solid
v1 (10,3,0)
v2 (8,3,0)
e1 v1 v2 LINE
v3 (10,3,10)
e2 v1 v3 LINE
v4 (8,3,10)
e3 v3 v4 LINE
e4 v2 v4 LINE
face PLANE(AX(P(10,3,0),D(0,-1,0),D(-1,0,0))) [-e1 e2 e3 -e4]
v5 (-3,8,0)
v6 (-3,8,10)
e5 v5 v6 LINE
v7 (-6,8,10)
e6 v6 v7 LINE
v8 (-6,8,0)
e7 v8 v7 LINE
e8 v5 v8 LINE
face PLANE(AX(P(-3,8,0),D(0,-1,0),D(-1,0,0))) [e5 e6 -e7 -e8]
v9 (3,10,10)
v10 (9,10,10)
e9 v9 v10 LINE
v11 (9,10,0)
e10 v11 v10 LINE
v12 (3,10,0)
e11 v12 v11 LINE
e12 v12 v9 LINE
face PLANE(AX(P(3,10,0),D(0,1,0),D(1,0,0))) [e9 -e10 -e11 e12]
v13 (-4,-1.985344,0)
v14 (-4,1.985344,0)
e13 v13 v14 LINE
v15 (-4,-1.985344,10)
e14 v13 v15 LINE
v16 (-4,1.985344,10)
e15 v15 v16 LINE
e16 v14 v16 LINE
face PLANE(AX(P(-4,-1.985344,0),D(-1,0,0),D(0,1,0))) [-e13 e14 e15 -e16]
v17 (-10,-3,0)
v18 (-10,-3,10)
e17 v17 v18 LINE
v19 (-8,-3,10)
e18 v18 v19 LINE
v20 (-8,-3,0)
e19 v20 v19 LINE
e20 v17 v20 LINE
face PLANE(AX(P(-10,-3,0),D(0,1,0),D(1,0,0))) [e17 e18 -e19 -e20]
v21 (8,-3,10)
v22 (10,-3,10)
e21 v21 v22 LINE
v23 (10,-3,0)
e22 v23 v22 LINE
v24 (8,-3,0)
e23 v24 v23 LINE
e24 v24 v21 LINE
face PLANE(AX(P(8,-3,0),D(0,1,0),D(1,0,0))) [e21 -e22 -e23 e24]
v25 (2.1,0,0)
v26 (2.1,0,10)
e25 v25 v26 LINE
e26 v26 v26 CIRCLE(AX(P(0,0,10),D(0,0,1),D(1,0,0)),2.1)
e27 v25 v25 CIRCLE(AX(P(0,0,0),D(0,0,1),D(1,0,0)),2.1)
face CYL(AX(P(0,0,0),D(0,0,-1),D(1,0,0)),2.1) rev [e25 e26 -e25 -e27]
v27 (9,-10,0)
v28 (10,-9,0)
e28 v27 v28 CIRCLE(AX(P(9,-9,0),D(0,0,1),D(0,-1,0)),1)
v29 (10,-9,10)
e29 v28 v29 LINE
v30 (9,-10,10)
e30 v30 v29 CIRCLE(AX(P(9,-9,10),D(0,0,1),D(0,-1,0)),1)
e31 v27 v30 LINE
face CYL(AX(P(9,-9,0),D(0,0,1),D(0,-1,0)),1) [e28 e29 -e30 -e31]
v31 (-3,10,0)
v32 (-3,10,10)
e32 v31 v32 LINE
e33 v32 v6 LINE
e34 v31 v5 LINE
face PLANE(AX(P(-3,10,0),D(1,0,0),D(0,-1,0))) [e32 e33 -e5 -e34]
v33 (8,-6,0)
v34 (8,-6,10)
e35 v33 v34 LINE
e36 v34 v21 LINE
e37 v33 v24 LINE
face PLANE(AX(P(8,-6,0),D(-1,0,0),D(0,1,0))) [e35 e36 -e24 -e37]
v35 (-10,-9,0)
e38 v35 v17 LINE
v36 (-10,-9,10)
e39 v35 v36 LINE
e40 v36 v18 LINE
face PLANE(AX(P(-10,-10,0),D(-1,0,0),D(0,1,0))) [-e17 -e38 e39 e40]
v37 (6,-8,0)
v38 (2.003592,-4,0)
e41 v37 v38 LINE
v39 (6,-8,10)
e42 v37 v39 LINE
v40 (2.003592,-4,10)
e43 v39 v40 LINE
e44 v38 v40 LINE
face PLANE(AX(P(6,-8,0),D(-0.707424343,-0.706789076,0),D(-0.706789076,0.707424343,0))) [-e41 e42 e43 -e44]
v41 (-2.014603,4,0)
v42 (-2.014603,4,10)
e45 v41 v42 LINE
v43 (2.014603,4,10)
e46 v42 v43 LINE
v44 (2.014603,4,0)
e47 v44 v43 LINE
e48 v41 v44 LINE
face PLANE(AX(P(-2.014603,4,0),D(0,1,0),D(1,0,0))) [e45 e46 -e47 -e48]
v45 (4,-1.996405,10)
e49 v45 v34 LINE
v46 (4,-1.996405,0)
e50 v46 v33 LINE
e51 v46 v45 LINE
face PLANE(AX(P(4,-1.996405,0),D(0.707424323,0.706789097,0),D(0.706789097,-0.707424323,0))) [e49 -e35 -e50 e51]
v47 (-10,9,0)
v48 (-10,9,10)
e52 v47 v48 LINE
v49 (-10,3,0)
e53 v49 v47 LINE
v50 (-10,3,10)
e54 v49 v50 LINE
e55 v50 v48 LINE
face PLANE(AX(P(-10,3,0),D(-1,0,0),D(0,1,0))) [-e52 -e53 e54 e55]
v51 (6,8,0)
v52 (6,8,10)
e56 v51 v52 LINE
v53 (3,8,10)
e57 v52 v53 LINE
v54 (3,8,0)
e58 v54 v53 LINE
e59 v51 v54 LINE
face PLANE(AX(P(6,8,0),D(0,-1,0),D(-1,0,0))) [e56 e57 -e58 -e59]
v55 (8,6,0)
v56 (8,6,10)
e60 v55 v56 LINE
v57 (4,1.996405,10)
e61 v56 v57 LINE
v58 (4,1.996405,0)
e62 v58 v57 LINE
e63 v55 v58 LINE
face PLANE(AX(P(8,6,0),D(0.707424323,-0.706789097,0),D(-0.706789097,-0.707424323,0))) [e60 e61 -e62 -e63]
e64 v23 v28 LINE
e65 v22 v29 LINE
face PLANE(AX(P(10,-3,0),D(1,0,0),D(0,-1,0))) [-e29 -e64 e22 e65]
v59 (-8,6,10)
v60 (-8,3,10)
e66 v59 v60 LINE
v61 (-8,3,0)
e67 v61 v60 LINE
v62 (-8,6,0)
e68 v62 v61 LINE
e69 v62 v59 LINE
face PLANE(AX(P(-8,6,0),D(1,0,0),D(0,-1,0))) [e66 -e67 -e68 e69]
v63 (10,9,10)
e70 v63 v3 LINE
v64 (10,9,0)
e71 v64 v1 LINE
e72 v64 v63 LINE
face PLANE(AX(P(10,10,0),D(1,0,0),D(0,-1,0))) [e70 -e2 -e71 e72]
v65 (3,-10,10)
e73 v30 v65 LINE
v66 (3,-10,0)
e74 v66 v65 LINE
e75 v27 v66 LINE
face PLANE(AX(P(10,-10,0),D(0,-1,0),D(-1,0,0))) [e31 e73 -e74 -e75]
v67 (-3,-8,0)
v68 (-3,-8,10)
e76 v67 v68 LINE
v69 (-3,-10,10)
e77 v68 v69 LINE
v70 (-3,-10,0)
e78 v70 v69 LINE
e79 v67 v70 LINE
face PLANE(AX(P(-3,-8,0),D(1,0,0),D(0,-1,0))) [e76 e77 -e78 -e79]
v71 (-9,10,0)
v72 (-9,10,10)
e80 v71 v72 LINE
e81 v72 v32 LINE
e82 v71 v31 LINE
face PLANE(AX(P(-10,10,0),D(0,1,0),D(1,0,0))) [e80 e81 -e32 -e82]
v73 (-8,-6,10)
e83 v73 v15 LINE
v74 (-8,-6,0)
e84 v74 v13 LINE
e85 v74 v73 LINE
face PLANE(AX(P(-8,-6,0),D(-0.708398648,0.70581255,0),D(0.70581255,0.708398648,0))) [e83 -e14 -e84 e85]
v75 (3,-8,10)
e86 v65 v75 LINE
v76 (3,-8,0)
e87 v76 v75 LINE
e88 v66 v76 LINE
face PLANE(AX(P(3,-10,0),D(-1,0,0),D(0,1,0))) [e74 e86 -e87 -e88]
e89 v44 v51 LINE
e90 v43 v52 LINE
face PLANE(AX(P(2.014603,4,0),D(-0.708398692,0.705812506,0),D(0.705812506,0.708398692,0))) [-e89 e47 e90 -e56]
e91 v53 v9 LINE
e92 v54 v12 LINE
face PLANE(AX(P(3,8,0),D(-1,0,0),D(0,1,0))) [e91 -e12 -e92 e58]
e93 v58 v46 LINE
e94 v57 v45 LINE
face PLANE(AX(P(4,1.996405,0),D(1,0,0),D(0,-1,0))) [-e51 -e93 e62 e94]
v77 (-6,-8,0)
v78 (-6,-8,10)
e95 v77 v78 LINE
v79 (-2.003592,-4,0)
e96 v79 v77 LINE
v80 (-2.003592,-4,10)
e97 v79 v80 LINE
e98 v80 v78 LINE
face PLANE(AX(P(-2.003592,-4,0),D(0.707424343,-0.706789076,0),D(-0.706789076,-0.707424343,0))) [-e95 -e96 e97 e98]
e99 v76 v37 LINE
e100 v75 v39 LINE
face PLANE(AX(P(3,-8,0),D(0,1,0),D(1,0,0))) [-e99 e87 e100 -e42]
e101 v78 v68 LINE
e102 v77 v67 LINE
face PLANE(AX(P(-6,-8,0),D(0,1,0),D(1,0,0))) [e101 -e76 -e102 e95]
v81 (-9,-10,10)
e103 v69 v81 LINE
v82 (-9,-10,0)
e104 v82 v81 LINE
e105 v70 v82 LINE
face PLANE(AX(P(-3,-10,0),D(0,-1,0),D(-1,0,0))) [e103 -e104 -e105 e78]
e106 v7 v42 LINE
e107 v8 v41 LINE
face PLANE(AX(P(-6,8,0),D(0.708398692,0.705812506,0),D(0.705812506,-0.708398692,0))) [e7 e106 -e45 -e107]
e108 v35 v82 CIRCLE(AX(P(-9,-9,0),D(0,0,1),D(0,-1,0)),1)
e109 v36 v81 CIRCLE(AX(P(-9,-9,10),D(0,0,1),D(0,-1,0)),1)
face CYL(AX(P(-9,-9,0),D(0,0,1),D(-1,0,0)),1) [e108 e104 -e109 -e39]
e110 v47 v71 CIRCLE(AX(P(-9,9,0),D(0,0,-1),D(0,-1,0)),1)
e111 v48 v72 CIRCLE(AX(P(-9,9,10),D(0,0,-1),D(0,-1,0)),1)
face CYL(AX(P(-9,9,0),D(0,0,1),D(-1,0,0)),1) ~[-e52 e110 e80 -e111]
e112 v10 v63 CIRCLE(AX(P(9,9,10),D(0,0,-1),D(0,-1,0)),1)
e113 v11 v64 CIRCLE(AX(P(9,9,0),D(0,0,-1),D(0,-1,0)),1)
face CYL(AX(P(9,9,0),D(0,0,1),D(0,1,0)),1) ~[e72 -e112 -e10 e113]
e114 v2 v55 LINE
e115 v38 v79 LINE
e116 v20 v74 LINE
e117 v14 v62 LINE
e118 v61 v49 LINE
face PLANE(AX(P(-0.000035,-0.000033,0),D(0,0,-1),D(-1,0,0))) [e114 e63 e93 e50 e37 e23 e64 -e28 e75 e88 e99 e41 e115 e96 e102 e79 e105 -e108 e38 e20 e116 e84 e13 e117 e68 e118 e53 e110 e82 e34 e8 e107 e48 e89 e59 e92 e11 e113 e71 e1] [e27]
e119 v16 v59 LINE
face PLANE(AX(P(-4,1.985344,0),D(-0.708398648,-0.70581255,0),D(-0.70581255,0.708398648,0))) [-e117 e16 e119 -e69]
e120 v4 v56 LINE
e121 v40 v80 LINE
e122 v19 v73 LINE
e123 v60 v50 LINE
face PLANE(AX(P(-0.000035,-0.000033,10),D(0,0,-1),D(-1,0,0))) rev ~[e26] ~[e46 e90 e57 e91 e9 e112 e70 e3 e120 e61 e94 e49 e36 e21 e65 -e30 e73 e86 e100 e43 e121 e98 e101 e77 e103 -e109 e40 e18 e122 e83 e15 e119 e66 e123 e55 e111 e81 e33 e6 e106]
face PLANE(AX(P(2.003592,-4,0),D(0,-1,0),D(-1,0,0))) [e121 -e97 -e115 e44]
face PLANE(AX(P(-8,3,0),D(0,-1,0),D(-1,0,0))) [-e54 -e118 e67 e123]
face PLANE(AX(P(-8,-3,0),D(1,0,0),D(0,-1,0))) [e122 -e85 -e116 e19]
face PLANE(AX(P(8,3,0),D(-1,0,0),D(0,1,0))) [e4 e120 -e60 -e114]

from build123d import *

# Parameters (mm, degrees)
SKETCH_R  = 2.1
PAD_DEPTH = 10
FILLET_R  = 1


with BuildPart() as part:
    # Sketch → Pad (new body)
    with BuildSketch(Plane.XY):
        Polygon((-8, 6), (-8, 3), (-10, 3), (-10, 10), (-3, 10), (-3, 8), (-6, 8), (-2.014603, 4), (2.014603, 4), (6, 8), (3, 8), (3, 10), (10, 10), (10, 3), (8, 3), (8, 6), (4, 1.996405), (4, -1.996405), (8, -6), (8, -3), (10, -3), (10, -10), (3, -10), (3, -8), (6, -8), (2.003592, -4), (-2.003592, -4), (-6, -8), (-3, -8), (-3, -10), (-10, -10), (-10, -3), (-8, -3), (-8, -6), (-4, -1.985344), (-4, 1.985344), align=None)
        Circle(SKETCH_R, mode=Mode.SUBTRACT)
    extrude(amount=PAD_DEPTH)

    # Fillet
    fillet_edges = [part.edges().sort_by_distance(p)[0] for p in [
        (-10, 10, 5),
        (10, 10, 5),
        (-10, -10, 5),
        (10, -10, 5),
    ]]
    fillet(fillet_edges, radius=FILLET_R)


solid = part.part
